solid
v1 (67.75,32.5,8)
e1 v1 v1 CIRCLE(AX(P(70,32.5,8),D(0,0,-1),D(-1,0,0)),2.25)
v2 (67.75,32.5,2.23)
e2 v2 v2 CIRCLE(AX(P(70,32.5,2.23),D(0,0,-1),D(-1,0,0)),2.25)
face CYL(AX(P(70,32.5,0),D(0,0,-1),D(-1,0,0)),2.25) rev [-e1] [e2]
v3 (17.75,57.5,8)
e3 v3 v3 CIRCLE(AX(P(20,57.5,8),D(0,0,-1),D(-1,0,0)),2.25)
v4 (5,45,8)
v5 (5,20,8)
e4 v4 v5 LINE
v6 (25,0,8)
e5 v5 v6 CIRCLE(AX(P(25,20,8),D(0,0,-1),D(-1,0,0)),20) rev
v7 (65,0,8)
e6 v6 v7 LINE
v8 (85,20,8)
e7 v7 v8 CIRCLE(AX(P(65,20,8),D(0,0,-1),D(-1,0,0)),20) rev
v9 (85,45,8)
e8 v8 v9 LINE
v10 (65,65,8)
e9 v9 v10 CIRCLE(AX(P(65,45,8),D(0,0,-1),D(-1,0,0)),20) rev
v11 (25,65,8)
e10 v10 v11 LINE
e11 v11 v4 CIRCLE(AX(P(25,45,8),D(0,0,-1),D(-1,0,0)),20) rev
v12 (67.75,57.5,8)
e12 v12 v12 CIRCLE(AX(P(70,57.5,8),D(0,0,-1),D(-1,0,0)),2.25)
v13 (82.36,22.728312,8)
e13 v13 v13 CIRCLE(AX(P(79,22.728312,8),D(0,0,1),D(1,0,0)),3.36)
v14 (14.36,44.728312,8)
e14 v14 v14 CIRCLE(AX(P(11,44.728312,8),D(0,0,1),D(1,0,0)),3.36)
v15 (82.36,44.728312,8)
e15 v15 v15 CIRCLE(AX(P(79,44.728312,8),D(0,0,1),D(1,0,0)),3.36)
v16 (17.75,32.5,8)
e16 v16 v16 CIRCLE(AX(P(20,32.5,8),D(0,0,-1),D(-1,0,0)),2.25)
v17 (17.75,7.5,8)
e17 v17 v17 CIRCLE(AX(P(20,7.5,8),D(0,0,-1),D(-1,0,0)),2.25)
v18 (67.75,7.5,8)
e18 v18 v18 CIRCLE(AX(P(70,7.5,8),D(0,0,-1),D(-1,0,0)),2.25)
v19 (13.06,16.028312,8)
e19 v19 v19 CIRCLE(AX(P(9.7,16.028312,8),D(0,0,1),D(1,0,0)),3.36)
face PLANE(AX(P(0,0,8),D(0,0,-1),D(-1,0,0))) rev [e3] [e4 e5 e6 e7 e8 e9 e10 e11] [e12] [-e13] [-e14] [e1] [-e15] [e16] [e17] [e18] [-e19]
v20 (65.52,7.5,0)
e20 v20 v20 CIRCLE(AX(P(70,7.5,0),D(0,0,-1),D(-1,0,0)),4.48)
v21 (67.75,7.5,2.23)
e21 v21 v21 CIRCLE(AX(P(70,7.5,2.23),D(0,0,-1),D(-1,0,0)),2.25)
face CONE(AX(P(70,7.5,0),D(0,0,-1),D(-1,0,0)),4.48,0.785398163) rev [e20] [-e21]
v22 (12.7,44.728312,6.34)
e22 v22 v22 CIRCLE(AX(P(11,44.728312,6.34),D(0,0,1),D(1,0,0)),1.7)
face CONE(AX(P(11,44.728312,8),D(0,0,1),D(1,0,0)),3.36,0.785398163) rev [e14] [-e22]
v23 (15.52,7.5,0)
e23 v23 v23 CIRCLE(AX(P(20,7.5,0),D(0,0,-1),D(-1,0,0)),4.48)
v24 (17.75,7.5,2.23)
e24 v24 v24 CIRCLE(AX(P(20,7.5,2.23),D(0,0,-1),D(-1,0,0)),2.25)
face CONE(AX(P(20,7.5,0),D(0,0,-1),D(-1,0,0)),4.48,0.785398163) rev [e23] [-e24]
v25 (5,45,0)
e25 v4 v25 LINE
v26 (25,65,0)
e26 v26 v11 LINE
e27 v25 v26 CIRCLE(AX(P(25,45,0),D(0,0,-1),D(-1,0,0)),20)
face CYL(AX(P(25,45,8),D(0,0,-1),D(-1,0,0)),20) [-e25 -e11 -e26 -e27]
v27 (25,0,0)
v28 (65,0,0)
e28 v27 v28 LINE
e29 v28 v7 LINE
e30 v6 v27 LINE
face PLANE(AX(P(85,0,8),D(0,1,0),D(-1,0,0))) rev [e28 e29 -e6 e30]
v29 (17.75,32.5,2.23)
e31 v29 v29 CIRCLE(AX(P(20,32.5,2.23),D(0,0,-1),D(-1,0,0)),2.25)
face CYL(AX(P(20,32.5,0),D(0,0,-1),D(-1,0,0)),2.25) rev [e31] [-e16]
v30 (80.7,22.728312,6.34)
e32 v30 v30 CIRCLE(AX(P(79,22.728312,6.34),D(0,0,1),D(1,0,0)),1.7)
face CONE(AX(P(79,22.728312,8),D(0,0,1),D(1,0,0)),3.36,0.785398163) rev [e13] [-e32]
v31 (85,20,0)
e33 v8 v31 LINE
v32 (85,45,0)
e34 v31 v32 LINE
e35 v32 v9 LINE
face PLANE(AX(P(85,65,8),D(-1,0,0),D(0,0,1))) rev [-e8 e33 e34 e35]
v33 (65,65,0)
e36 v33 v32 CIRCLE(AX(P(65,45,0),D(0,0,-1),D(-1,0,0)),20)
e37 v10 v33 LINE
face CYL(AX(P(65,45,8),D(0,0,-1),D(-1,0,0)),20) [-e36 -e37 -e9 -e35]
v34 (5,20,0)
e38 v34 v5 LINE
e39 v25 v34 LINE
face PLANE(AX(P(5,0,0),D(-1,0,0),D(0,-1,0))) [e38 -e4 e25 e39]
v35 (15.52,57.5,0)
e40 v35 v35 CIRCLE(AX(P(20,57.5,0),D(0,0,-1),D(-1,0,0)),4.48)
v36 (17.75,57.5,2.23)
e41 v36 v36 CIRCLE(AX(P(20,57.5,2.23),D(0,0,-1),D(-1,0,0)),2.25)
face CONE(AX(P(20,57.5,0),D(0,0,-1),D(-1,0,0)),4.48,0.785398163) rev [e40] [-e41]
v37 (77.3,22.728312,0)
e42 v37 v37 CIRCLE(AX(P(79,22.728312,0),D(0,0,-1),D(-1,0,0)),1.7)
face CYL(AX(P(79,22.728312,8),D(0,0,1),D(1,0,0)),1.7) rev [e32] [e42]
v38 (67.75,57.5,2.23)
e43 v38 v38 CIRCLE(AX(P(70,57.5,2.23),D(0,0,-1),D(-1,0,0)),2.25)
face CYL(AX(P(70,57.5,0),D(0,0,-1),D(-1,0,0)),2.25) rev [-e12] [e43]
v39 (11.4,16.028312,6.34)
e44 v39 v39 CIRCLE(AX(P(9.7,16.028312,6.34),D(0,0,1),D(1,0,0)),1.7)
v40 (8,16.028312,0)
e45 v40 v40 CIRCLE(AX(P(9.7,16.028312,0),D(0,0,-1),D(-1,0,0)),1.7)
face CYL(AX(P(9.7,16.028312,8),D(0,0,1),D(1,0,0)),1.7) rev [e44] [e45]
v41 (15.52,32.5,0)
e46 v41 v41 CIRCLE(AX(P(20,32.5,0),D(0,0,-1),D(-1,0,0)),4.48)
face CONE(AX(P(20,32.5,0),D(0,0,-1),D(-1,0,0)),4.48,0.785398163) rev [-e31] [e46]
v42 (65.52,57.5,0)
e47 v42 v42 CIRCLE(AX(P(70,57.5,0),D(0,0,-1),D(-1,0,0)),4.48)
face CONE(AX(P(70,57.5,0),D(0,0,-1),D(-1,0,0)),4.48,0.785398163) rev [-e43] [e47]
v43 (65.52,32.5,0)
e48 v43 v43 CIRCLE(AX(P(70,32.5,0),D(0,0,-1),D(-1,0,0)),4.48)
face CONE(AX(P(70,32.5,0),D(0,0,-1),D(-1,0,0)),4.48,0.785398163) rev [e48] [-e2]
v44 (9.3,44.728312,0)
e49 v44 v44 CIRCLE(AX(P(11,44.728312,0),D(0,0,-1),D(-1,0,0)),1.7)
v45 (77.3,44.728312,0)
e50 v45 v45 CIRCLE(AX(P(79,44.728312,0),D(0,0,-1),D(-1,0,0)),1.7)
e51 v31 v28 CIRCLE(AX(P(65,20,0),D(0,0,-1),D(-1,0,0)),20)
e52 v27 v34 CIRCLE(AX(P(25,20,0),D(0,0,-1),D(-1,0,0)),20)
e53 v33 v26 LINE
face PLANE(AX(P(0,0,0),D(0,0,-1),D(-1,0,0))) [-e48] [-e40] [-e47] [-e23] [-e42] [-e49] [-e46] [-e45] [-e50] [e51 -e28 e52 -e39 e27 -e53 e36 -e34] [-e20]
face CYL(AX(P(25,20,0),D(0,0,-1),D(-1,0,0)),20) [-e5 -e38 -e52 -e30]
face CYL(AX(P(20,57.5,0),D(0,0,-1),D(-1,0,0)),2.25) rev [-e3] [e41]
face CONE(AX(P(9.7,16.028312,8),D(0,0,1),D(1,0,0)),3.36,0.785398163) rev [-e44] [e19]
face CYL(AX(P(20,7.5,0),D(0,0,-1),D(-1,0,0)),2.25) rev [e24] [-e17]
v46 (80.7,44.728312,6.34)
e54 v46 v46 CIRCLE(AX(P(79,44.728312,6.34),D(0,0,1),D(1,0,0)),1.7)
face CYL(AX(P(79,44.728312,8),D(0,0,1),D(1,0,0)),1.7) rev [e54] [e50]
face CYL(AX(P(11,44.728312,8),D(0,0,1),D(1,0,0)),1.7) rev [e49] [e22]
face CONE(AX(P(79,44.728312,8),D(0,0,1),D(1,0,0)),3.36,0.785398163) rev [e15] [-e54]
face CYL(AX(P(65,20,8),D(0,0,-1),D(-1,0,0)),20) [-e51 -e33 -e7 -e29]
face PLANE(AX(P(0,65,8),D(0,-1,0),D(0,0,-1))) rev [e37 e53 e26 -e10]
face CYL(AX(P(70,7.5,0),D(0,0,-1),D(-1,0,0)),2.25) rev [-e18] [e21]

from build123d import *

# Parameters (mm, degrees)
SKETCH1_W                                            = 85
SKETCH1_H                                            = 65
BOSS_EXTRUDE1_DEPTH                                  = 8
CSK_FOR_M4_HEX_SOCKET_COUNTERSUNK_CAP_SC_D           = 4.5
CSK_FOR_M4_HEX_SOCKET_COUNTERSUNK_CAP_SC_DEPTH       = 10.648063607
CSK_FOR_M4_HEX_SOCKET_COUNTERSUNK_CAP_SC_CSINK_D     = 8.96
CSK_FOR_M4_HEX_SOCKET_COUNTERSUNK_CAP_SC_CSINK_ANGLE = 90
CSK_FOR_M4_HEX_SOCKET_COUNTERSUNK_CAP_SC_TIP         = 1.351936393
CSK_FOR_M3_HEX_SOCKET_COUNTERSUNK_CAP_SC_D           = 3.4
CSK_FOR_M3_HEX_SOCKET_COUNTERSUNK_CAP_SC_DEPTH       = 10.978536948
CSK_FOR_M3_HEX_SOCKET_COUNTERSUNK_CAP_SC_CSINK_D     = 6.72
CSK_FOR_M3_HEX_SOCKET_COUNTERSUNK_CAP_SC_CSINK_ANGLE = 90
CSK_FOR_M3_HEX_SOCKET_COUNTERSUNK_CAP_SC_TIP         = 1.021463052
SKETCH11_W                                           = 5
SKETCH11_H                                           = 65
CUT_EXTRUDE1_DEPTH                                   = 108.30330843
FILLET1_R                                            = 20


with BuildPart() as part:
    # Sketch1 → Boss-Extrude1 (new body)
    with BuildSketch(Plane.XY):
        with Locations((42.5, 32.5)):
            Rectangle(SKETCH1_W, SKETCH1_H)
    extrude(amount=BOSS_EXTRUDE1_DEPTH)

    # CSK for M4 Hex Socket Countersunk Cap Screw1
    with Locations(Plane(origin=(0, 0, 0), x_dir=(-1, 0, 0), z_dir=(0, 0, -1))):
        with Locations((-70, 57.5), (-20, 57.5), (-20, 32.5), (-70, 32.5), (-70, 7.5), (-20, 7.5)):
            CounterSinkHole(CSK_FOR_M4_HEX_SOCKET_COUNTERSUNK_CAP_SC_D / 2, CSK_FOR_M4_HEX_SOCKET_COUNTERSUNK_CAP_SC_CSINK_D / 2, depth=CSK_FOR_M4_HEX_SOCKET_COUNTERSUNK_CAP_SC_DEPTH, counter_sink_angle=CSK_FOR_M4_HEX_SOCKET_COUNTERSUNK_CAP_SC_CSINK_ANGLE)
            with Locations((0, 0, -(CSK_FOR_M4_HEX_SOCKET_COUNTERSUNK_CAP_SC_DEPTH + CSK_FOR_M4_HEX_SOCKET_COUNTERSUNK_CAP_SC_TIP / 2))):  # 118° drill point
                Cone(0, CSK_FOR_M4_HEX_SOCKET_COUNTERSUNK_CAP_SC_D / 2, CSK_FOR_M4_HEX_SOCKET_COUNTERSUNK_CAP_SC_TIP, mode=Mode.SUBTRACT)

    # CSK for M3 Hex Socket Countersunk Cap Screw1
    with Locations(Plane.XY.offset(8)):
        with Locations((11, 44.728312208), (79, 44.728312208), (79, 22.728312208), (9.7, 16.028312208)):
            CounterSinkHole(CSK_FOR_M3_HEX_SOCKET_COUNTERSUNK_CAP_SC_D / 2, CSK_FOR_M3_HEX_SOCKET_COUNTERSUNK_CAP_SC_CSINK_D / 2, depth=CSK_FOR_M3_HEX_SOCKET_COUNTERSUNK_CAP_SC_DEPTH, counter_sink_angle=CSK_FOR_M3_HEX_SOCKET_COUNTERSUNK_CAP_SC_CSINK_ANGLE)
            with Locations((0, 0, -(CSK_FOR_M3_HEX_SOCKET_COUNTERSUNK_CAP_SC_DEPTH + CSK_FOR_M3_HEX_SOCKET_COUNTERSUNK_CAP_SC_TIP / 2))):  # 118° drill point
                Cone(0, CSK_FOR_M3_HEX_SOCKET_COUNTERSUNK_CAP_SC_D / 2, CSK_FOR_M3_HEX_SOCKET_COUNTERSUNK_CAP_SC_TIP, mode=Mode.SUBTRACT)

    # Sketch11 → Cut-Extrude1 (cut, through all)
    with BuildSketch(Plane.XY.offset(8)):
        with Locations((2.5, 32.5)):
            Rectangle(SKETCH11_W, SKETCH11_H)
    extrude(amount=-CUT_EXTRUDE1_DEPTH, mode=Mode.SUBTRACT)

    # Fillet1
    fillet1_edges = [part.edges().sort_by_distance(p)[0] for p in [
        (85, 65, 4),
        (85, 0, 4),
        (5, 65, 4),
        (5, 0, 4),
    ]]
    fillet(fillet1_edges, radius=FILLET1_R)


solid = part.part
